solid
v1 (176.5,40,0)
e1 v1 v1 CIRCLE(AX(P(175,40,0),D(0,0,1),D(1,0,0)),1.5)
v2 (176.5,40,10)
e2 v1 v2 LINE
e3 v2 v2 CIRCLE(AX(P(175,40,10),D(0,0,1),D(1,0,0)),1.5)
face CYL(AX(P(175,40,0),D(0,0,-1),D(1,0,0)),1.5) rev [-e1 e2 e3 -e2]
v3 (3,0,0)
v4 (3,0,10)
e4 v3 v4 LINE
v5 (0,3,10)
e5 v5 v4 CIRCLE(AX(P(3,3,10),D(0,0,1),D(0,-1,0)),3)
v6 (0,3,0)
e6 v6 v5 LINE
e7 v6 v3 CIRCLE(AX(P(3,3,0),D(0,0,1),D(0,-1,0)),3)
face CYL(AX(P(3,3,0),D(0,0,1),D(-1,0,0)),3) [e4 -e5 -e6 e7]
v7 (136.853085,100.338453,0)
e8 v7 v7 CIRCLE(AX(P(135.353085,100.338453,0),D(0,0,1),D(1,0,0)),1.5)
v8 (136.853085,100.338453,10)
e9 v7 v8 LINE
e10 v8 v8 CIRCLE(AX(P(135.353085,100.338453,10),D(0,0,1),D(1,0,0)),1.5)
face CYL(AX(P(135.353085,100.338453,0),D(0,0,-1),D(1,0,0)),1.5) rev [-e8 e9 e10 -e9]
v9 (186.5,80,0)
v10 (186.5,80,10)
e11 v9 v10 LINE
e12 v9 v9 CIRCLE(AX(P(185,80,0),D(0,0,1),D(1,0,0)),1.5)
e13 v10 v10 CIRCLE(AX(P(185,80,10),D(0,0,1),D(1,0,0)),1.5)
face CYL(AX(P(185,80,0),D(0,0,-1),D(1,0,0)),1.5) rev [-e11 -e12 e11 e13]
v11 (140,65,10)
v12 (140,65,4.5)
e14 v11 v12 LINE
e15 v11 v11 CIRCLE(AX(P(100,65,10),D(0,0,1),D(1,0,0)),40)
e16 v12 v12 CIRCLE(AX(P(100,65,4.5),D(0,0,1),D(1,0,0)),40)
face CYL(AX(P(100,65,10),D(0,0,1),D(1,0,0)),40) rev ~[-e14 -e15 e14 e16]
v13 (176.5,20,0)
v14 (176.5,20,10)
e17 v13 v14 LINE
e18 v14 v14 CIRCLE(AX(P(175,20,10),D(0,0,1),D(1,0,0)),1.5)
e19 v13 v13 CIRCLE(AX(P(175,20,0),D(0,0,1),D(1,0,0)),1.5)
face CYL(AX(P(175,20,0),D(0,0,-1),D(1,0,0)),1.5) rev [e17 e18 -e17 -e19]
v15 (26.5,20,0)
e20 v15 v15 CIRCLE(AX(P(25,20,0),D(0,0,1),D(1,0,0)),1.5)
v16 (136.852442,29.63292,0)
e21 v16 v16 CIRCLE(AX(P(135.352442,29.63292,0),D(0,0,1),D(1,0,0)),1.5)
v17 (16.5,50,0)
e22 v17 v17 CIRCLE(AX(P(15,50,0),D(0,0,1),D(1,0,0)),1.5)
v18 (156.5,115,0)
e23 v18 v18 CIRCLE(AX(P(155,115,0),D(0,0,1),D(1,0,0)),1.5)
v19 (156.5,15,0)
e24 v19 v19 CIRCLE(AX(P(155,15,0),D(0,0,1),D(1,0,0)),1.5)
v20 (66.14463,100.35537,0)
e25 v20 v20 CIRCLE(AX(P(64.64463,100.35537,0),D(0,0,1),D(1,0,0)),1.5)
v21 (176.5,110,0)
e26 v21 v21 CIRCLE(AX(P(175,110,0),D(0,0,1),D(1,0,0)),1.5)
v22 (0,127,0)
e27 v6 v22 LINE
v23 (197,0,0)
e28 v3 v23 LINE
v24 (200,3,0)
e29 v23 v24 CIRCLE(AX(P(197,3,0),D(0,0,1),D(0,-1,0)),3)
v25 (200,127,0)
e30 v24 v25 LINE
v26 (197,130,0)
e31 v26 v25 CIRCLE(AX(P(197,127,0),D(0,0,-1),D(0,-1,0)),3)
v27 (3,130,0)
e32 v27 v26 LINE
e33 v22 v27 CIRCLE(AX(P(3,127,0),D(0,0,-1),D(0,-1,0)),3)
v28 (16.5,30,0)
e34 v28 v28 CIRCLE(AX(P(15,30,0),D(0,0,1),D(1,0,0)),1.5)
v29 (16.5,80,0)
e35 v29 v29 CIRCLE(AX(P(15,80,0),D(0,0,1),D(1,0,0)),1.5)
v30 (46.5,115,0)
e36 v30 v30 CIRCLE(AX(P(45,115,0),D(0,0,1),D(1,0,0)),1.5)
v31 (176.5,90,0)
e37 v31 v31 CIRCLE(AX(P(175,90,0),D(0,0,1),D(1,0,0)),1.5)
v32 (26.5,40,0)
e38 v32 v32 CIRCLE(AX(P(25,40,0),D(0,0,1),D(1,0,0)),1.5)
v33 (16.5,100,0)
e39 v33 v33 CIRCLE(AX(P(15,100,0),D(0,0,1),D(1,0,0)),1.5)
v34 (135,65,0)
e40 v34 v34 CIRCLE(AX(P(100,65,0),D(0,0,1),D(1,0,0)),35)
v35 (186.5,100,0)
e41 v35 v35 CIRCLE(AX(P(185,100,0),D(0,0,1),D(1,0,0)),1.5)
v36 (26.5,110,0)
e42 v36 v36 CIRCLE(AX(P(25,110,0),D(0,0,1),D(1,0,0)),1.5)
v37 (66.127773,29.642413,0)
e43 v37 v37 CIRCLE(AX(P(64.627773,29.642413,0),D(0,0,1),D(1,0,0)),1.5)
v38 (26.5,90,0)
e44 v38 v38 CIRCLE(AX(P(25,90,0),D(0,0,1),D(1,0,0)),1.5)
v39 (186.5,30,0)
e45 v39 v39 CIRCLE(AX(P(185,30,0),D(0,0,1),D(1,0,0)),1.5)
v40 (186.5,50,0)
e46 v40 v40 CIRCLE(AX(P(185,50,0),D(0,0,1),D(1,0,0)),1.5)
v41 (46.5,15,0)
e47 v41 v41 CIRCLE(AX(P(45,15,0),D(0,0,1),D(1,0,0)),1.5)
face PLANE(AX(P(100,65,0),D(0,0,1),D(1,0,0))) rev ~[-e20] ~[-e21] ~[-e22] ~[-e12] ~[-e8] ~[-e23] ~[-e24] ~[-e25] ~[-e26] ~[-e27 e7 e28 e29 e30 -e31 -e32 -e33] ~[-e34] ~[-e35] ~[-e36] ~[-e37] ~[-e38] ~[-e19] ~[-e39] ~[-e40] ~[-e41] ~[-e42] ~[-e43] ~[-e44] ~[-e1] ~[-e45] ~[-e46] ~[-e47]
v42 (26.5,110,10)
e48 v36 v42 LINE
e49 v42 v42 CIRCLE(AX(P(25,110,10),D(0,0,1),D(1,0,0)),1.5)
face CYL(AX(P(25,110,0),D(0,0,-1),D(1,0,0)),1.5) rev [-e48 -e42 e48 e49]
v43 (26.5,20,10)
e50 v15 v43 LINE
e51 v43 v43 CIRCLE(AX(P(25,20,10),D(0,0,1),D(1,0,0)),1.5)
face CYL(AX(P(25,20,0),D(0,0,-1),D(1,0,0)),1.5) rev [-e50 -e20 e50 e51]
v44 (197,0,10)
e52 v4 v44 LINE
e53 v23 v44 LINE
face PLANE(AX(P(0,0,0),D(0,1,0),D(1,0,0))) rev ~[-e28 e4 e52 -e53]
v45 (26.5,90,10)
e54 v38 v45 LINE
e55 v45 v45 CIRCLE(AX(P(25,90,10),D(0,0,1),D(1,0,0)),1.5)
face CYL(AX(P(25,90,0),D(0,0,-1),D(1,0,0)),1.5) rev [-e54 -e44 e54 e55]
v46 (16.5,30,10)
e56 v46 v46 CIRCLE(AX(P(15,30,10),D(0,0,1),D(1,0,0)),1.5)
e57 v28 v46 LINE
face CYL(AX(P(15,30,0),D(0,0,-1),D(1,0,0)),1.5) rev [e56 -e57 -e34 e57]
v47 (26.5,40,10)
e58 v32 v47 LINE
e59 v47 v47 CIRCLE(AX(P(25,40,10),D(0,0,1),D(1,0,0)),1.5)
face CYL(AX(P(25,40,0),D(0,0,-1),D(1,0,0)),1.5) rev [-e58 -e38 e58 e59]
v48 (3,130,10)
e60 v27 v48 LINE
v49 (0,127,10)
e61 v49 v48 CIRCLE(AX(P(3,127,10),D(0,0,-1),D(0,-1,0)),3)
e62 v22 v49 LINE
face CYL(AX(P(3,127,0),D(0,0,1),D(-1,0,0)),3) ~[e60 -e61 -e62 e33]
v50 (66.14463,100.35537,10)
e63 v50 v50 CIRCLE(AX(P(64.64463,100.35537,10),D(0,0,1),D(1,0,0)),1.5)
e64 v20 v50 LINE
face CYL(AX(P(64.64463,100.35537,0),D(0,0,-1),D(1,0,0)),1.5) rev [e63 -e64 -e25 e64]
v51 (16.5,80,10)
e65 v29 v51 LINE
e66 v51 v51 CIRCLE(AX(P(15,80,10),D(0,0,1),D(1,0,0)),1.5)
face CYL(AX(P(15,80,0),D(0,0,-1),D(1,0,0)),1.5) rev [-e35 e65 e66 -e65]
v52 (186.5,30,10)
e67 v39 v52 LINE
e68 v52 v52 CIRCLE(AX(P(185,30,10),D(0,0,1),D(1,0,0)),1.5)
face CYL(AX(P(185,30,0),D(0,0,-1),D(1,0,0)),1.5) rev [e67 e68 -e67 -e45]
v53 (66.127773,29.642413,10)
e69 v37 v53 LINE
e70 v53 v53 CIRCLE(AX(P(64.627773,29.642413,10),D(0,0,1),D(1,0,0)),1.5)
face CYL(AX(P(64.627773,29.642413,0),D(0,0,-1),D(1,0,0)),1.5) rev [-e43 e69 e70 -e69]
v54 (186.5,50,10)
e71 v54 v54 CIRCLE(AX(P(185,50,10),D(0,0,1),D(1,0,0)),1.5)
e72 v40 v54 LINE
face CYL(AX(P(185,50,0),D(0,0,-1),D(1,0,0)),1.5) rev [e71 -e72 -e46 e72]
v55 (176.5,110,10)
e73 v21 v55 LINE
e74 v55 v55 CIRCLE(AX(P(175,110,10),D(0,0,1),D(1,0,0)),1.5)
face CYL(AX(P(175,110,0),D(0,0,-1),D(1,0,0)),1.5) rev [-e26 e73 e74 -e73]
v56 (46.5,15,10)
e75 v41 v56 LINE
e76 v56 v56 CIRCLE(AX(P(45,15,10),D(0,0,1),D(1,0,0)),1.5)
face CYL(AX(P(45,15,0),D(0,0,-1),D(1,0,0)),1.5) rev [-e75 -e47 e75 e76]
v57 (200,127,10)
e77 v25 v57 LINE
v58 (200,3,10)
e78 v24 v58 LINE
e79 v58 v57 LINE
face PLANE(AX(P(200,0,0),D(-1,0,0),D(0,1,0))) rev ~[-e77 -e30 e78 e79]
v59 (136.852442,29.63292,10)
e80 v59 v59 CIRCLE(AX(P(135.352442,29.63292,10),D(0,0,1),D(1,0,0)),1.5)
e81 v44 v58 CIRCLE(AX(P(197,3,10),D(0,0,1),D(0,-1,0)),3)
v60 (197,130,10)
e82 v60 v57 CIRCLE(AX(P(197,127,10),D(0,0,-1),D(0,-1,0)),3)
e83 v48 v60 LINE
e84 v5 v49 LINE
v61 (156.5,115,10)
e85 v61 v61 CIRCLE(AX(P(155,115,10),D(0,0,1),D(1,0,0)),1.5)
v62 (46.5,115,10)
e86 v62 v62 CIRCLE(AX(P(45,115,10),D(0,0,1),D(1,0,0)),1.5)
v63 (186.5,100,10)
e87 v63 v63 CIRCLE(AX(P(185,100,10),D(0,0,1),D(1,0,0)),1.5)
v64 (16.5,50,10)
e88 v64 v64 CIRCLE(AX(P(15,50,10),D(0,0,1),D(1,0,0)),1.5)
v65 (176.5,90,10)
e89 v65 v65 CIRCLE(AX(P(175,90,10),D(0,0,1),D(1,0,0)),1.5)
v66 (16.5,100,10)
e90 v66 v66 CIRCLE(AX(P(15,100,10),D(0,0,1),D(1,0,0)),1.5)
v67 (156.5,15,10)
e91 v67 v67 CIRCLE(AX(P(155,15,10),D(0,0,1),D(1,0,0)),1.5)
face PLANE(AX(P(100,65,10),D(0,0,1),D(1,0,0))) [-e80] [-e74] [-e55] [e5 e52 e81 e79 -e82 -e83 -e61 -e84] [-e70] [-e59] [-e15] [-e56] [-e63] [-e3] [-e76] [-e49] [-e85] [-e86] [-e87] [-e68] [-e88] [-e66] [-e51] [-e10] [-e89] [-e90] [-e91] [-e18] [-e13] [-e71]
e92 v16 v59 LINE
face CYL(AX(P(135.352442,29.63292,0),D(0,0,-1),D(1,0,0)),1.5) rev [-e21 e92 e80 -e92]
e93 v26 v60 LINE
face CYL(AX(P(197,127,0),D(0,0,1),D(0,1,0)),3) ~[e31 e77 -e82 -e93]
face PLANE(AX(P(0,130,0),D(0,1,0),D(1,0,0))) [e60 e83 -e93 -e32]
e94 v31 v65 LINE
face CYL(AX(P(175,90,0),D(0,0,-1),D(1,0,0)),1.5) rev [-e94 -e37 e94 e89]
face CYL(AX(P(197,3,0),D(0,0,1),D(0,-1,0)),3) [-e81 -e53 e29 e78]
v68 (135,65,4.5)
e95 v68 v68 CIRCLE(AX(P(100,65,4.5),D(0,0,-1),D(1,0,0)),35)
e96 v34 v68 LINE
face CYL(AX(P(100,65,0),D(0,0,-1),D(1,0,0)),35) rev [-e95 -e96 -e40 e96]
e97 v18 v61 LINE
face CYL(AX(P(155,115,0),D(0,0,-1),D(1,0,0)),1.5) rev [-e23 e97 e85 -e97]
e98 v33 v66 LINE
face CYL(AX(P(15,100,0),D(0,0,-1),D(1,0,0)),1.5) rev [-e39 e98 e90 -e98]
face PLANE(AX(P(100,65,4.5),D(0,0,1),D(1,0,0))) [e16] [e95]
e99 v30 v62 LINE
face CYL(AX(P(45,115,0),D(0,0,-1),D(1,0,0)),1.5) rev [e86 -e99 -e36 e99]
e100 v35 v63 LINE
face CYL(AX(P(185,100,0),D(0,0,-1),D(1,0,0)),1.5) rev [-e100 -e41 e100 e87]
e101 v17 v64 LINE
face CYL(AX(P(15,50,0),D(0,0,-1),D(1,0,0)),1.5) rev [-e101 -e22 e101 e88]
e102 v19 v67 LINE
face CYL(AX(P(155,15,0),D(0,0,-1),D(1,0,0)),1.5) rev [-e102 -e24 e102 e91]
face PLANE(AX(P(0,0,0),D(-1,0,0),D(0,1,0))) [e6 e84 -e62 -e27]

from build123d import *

# Parameters (mm, degrees)
SKETCH_W     = 200
SKETCH_H     = 130
SKETCH_R     = 35
SKETCH_R_2   = 1.5
PAD_DEPTH    = 10
SKETCH001_R  = 40
POCKET_DEPTH = 5.5
FILLET_R     = 3


with BuildPart() as part:
    # Sketch → Pad (new body)
    with BuildSketch(Plane.XY):
        with Locations((100, 65)):
            Rectangle(SKETCH_W, SKETCH_H)
        with Locations((100, 65)):
            Circle(SKETCH_R, mode=Mode.SUBTRACT)
        with Locations((45, 115)):
            Circle(SKETCH_R_2, mode=Mode.SUBTRACT)
        with Locations((45, 15)):
            Circle(SKETCH_R_2, mode=Mode.SUBTRACT)
        with Locations((155, 115)):
            Circle(SKETCH_R_2, mode=Mode.SUBTRACT)
        with Locations((155, 15)):
            Circle(SKETCH_R_2, mode=Mode.SUBTRACT)
        with Locations((185, 30)):
            Circle(SKETCH_R_2, mode=Mode.SUBTRACT)
        with Locations((135.353085, 100.338453)):
            Circle(SKETCH_R_2, mode=Mode.SUBTRACT)
        with Locations((64.627773, 29.642413)):
            Circle(SKETCH_R_2, mode=Mode.SUBTRACT)
        with Locations((64.64463, 100.35537)):
            Circle(SKETCH_R_2, mode=Mode.SUBTRACT)
        with Locations((135.352442, 29.63292)):
            Circle(SKETCH_R_2, mode=Mode.SUBTRACT)
        with Locations((175, 20)):
            Circle(SKETCH_R_2, mode=Mode.SUBTRACT)
        with Locations((175, 40)):
            Circle(SKETCH_R_2, mode=Mode.SUBTRACT)
        with Locations((185, 50)):
            Circle(SKETCH_R_2, mode=Mode.SUBTRACT)
        with Locations((175, 90)):
            Circle(SKETCH_R_2, mode=Mode.SUBTRACT)
        with Locations((175, 110)):
            Circle(SKETCH_R_2, mode=Mode.SUBTRACT)
        with Locations((185, 80)):
            Circle(SKETCH_R_2, mode=Mode.SUBTRACT)
        with Locations((185, 100)):
            Circle(SKETCH_R_2, mode=Mode.SUBTRACT)
        with Locations((15, 30)):
            Circle(SKETCH_R_2, mode=Mode.SUBTRACT)
        with Locations((25, 20)):
            Circle(SKETCH_R_2, mode=Mode.SUBTRACT)
        with Locations((25, 40)):
            Circle(SKETCH_R_2, mode=Mode.SUBTRACT)
        with Locations((15, 50)):
            Circle(SKETCH_R_2, mode=Mode.SUBTRACT)
        with Locations((25, 90)):
            Circle(SKETCH_R_2, mode=Mode.SUBTRACT)
        with Locations((25, 110)):
            Circle(SKETCH_R_2, mode=Mode.SUBTRACT)
        with Locations((15, 80)):
            Circle(SKETCH_R_2, mode=Mode.SUBTRACT)
        with Locations((15, 100)):
            Circle(SKETCH_R_2, mode=Mode.SUBTRACT)
    extrude(amount=PAD_DEPTH)

    # Sketch001 (on Face31 of Pad) → Pocket (cut)
    with BuildSketch(Plane.XY.offset(10)):
        with Locations((100, 65)):
            Circle(SKETCH001_R)
    extrude(amount=-POCKET_DEPTH, mode=Mode.SUBTRACT)

    # Fillet
    fillet_edges = [part.edges().sort_by_distance(p)[0] for p in [
        (200, 0, 5),
        (200, 130, 5),
        (0, 0, 5),
        (0, 130, 5),
    ]]
    fillet(fillet_edges, radius=FILLET_R)


solid = part.part
